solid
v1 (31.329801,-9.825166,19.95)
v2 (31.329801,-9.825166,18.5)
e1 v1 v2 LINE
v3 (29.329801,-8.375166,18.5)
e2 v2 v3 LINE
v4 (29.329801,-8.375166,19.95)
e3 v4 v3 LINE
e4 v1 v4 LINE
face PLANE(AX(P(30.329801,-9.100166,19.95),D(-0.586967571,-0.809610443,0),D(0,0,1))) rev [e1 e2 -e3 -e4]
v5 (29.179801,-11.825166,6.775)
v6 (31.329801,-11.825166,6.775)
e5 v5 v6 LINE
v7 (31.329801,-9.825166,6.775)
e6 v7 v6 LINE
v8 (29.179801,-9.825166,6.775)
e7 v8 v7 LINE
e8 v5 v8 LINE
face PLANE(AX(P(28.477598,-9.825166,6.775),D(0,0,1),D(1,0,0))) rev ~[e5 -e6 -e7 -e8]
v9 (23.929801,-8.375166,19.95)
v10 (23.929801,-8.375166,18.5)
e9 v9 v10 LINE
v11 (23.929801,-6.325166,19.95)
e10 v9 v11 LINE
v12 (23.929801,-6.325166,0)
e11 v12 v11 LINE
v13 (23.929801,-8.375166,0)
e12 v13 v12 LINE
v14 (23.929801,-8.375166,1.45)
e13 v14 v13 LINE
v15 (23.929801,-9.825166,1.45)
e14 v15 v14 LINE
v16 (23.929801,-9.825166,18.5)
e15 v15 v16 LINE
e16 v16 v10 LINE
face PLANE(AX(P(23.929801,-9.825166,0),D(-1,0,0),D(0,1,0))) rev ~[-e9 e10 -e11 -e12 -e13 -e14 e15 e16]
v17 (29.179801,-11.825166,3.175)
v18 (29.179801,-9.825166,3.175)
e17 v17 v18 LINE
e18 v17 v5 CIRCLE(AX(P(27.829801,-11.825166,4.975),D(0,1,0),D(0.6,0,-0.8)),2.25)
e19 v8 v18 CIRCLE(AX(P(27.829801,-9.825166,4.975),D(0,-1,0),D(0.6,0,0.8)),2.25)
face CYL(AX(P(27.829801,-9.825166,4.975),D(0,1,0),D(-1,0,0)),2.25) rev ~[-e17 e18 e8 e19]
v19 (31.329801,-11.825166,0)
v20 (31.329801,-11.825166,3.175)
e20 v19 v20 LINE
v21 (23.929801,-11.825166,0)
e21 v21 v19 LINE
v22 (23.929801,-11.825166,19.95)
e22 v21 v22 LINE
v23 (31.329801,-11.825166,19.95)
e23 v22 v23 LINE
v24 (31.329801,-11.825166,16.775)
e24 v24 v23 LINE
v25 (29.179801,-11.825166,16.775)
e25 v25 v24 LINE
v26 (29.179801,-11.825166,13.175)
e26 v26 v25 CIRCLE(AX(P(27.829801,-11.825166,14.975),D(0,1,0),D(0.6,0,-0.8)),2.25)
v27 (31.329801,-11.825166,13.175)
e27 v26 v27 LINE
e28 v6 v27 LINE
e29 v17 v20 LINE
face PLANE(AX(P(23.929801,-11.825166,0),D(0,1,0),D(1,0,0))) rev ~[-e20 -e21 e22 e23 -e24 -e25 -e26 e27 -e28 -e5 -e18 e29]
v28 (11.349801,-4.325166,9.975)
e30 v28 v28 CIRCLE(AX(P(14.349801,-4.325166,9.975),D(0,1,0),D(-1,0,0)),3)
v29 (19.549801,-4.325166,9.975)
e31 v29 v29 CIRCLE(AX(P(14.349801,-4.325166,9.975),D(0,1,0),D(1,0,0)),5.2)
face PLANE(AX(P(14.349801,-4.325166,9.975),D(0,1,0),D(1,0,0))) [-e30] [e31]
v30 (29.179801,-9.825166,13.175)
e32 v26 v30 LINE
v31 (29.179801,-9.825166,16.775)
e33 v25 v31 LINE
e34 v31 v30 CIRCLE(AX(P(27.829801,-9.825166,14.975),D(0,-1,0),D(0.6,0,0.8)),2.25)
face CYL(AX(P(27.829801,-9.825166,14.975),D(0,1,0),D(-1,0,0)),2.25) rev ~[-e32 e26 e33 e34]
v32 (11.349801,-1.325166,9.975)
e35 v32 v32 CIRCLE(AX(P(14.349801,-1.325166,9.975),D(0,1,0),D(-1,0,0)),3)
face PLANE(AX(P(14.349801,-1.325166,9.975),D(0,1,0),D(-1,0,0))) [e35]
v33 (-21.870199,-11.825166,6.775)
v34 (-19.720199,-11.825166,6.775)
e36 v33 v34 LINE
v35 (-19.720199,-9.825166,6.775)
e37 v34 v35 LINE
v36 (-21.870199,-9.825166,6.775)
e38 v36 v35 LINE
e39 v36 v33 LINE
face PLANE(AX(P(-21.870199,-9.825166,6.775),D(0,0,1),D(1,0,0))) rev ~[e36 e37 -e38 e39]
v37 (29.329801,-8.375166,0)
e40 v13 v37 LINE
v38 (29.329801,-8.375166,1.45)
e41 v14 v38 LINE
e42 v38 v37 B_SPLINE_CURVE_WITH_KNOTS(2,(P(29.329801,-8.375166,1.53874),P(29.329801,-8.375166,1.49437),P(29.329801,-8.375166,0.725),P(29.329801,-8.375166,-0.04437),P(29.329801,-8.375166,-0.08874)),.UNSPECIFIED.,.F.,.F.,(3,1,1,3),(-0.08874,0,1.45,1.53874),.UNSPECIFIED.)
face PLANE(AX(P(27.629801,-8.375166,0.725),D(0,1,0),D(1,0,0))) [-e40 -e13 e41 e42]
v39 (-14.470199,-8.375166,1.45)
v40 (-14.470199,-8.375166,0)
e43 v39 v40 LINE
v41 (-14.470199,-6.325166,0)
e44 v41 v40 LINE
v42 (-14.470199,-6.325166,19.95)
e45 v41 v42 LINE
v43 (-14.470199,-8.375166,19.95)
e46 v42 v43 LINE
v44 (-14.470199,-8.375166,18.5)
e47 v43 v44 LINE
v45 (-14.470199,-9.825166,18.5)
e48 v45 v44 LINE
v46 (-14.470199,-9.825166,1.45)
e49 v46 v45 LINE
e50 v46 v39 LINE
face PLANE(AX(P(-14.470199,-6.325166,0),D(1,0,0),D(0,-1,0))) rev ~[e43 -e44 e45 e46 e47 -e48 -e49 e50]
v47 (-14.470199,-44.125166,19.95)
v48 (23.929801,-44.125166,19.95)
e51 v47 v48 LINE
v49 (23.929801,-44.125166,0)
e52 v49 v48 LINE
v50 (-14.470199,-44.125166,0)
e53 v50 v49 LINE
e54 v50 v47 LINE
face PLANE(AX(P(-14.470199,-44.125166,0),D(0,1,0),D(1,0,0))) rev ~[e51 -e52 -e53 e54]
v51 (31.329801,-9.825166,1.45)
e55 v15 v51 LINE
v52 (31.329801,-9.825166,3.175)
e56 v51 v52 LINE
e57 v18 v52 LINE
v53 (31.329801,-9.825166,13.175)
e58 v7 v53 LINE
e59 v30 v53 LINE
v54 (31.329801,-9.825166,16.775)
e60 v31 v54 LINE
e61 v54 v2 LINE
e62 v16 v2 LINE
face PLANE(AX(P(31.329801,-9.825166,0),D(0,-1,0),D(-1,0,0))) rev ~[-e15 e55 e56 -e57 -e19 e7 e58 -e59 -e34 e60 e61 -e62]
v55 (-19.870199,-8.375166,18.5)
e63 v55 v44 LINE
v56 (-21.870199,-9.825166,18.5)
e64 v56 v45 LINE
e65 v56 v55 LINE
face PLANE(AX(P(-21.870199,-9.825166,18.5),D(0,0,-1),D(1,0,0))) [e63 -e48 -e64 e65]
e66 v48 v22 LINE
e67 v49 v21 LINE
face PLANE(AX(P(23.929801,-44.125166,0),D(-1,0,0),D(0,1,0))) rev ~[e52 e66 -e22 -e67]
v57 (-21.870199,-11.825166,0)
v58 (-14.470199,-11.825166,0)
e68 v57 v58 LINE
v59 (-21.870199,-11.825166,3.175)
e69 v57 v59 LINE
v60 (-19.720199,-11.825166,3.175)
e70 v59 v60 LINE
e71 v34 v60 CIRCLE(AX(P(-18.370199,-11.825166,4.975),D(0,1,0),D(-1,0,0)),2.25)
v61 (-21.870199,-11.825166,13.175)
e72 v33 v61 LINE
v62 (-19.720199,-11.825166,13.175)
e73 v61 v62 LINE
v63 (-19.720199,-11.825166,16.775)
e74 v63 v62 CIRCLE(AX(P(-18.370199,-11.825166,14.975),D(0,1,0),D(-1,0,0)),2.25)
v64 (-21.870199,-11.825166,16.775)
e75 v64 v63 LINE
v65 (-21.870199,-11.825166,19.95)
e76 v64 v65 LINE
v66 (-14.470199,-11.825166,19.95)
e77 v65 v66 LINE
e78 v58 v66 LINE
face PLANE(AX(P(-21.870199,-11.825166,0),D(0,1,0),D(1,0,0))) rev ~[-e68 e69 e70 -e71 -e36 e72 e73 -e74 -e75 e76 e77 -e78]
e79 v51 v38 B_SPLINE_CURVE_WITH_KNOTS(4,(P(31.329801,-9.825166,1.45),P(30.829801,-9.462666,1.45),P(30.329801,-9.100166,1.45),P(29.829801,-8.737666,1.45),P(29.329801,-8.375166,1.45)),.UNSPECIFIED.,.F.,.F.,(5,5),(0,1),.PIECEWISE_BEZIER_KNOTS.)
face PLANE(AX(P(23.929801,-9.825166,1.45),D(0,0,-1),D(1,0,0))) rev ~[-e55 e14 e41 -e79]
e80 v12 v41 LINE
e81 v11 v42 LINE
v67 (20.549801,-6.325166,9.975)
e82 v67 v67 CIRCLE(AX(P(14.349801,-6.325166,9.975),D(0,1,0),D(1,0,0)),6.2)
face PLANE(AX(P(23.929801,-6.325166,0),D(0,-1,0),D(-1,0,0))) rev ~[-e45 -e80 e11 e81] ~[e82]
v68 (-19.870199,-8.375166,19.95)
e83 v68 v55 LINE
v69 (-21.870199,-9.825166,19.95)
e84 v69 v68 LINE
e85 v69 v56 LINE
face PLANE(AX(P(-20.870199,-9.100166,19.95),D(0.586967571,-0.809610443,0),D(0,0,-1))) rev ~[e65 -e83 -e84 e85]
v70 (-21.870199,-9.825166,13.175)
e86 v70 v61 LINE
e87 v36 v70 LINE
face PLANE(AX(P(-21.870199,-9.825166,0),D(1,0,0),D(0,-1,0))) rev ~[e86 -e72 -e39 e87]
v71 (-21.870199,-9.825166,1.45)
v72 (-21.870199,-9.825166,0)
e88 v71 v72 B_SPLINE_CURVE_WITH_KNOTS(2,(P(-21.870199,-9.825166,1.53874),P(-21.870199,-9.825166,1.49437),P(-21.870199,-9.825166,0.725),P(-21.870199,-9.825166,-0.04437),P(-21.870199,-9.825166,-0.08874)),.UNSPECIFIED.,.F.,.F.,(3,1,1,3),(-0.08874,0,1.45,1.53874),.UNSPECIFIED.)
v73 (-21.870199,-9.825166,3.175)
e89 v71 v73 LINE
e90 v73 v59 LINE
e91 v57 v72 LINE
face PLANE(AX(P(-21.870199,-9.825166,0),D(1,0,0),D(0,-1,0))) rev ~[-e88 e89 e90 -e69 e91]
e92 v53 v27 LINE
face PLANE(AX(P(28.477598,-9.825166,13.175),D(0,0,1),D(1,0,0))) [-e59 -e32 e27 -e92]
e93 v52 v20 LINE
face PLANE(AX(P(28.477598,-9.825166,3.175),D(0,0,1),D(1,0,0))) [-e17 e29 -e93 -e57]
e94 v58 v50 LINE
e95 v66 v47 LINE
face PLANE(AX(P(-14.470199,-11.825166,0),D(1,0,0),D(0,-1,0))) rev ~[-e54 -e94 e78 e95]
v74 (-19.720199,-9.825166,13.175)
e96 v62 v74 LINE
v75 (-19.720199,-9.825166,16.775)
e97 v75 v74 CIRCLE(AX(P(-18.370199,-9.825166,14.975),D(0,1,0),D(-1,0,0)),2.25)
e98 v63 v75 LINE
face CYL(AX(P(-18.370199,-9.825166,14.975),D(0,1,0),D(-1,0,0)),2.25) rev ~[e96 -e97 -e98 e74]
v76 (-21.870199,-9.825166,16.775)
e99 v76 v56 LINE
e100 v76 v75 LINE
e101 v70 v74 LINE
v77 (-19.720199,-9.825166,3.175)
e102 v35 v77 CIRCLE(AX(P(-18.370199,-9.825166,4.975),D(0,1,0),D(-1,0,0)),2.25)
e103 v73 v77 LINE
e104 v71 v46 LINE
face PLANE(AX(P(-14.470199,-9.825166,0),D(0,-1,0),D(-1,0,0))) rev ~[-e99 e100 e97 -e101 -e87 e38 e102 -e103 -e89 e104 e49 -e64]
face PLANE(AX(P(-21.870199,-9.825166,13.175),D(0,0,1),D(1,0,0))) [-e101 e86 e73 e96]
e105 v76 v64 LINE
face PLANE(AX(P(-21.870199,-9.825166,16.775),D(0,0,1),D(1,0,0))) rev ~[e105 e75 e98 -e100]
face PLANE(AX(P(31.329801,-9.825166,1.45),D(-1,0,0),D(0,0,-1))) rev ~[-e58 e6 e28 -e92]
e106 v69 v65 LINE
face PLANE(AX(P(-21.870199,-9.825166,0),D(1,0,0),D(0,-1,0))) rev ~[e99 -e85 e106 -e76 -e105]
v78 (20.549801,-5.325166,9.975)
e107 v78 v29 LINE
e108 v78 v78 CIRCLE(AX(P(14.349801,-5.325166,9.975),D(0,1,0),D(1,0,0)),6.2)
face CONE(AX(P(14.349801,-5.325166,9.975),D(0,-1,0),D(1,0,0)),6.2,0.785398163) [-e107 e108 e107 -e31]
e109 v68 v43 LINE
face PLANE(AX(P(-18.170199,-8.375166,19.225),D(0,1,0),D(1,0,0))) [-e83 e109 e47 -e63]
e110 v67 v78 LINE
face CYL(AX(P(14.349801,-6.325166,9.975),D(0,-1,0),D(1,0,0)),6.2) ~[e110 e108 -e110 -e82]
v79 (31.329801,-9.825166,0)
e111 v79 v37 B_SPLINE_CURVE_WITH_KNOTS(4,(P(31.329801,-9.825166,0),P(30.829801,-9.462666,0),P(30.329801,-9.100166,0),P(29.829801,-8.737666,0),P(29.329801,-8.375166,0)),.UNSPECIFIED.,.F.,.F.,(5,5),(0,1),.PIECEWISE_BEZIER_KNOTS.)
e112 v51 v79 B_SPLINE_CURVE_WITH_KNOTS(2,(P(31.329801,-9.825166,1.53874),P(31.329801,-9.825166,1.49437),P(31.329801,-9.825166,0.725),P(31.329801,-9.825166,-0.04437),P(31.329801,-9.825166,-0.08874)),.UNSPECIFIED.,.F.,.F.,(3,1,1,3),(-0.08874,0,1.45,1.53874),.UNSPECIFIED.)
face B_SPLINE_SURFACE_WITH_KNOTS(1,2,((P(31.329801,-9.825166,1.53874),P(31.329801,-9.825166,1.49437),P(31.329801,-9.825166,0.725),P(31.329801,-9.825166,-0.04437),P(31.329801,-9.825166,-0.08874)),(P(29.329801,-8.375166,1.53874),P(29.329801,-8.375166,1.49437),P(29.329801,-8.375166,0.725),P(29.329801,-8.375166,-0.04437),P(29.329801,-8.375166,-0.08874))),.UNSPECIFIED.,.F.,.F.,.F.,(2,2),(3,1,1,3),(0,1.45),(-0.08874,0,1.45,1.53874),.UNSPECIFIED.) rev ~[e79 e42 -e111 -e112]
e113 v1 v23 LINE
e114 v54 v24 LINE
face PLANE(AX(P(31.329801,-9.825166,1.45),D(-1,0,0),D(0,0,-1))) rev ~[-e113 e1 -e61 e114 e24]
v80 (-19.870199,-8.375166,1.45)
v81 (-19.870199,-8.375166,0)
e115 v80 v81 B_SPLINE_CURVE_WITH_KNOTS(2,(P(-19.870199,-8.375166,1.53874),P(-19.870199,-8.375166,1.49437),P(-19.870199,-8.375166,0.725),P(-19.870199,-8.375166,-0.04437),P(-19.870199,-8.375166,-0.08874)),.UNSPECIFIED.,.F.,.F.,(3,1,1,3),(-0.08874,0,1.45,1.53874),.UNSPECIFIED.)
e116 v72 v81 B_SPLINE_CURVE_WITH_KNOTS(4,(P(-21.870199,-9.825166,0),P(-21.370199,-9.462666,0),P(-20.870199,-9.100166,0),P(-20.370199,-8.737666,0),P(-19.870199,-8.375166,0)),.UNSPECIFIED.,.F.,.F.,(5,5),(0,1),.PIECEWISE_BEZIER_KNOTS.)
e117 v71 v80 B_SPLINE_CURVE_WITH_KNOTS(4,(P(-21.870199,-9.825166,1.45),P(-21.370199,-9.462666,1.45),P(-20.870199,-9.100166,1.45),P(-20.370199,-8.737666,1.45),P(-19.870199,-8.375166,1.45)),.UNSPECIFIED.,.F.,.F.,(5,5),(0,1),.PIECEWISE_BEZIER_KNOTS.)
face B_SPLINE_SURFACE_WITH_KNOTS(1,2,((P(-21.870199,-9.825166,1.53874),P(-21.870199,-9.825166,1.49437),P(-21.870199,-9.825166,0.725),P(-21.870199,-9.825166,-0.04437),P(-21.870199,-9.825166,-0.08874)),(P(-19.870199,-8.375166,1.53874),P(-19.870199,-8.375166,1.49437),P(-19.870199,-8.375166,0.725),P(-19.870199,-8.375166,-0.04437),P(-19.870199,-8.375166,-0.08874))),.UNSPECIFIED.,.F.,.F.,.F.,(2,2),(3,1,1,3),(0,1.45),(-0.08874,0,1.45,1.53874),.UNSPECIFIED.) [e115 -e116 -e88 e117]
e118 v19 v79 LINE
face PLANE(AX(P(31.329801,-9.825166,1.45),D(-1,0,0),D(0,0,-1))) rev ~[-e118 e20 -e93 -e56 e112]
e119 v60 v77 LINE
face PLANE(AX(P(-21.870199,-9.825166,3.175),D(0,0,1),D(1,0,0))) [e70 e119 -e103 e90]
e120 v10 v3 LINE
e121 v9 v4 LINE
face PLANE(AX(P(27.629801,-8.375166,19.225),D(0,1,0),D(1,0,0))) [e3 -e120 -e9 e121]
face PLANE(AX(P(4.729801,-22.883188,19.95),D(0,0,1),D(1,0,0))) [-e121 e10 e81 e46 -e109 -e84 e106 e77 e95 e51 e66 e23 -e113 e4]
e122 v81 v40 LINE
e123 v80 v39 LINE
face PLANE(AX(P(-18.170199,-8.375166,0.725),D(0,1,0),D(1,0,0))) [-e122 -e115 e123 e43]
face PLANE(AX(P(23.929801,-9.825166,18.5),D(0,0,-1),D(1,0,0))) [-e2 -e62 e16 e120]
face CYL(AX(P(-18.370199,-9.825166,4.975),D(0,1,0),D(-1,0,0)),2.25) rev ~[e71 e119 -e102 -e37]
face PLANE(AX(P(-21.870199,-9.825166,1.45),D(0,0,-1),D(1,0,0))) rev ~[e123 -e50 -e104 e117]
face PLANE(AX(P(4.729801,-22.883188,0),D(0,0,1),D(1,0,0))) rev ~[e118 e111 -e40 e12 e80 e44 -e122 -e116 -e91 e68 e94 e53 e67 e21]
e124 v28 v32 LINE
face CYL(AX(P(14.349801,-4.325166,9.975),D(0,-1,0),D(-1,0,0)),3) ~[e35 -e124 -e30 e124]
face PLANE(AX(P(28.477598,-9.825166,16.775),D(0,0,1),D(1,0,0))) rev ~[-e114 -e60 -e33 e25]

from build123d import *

# Parameters (mm, degrees)
EXTRUDE_1_DEPTH     = 19.95
SKETCH_2_W          = 7.4
SKETCH_2_H          = 1.45
EXTRUDE_2_DEPTH     = 1.45
CHAMFER_1_SIZE      = 1.45
CHAMFER_1_SIZE2     = 2
CHAMFER_3_SIZE      = 1.45
CHAMFER_3_SIZE2     = 2
CHAMFER_4_SIZE      = 1.45
CHAMFER_4_SIZE2     = 2
CHAMFER_5_SIZE      = 1.45
CHAMFER_5_SIZE2     = 2
SKETCH_3_R          = 2.25
CUT_EXTRUDE_1_DEPTH = 2
SKETCH_4_W          = 2.602143293
SKETCH_4_H          = 3.6
SKETCH_4_W_2        = 2.852203288
CUT_EXTRUDE_2_DEPTH = 2
SKETCH_5_R          = 6.2
EXTRUDE_3_DEPTH     = 2
CHAMFER_6_SIZE      = 1
SKETCH_6_R          = 3
EXTRUDE_4_DEPTH     = 3


with BuildPart() as part:
    # 草圖1 → 填料-伸長1 (new body)
    with BuildSketch(Plane.XY):
        Polygon((-14.470198675, -11.825165563), (-14.470198675, -44.125165563), (23.929801325, -44.125165563), (23.929801325, -11.825165563), (31.329801325, -11.825165563), (31.329801325, -9.825165563), (23.929801325, -9.825165563), (23.929801325, -6.325165563), (-14.470198675, -6.325165563), (-14.470198675, -9.825165563), (-21.870198675, -9.825165563), (-21.870198675, -11.825165563), align=None)
    extrude(amount=EXTRUDE_1_DEPTH)

    # 草圖2 → 填料-伸長2 (add)
    with BuildSketch(Plane(origin=(0, -9.825165563, 0), x_dir=(1, 0, 0), z_dir=(0, 1, 0))):
        with Locations((27.629801325, -0.725)):
            Rectangle(SKETCH_2_W, SKETCH_2_H)
        with Locations((27.629801325, -19.225)):
            Rectangle(SKETCH_2_W, SKETCH_2_H)
        with Locations((-18.170198675, -0.725)):
            Rectangle(SKETCH_2_W, SKETCH_2_H)
        with Locations((-18.170198675, -19.225)):
            Rectangle(SKETCH_2_W, SKETCH_2_H)
    extrude(amount=EXTRUDE_2_DEPTH)

    # 導角1
    chamfer_1_edges = [part.edges().sort_by_distance(p)[0] for p in [
        (31.329801325, -8.375165563, 19.225),
    ]]
    chamfer_1_side = [part.faces().sort_by_distance(p)[0] for p in [
        (31.329801325, -10.660702917, 9.975),
    ]]
    chamfer(chamfer_1_edges, length=CHAMFER_1_SIZE, length2=CHAMFER_1_SIZE2, reference=chamfer_1_side[0])

    # 導角3
    chamfer_3_edges = [part.edges().sort_by_distance(p)[0] for p in [
        (31.329801325, -8.375165563, 0.725),
    ]]
    chamfer_3_side = [part.faces().sort_by_distance(p)[0] for p in [
        (31.329801325, -10.738818024, 9.511976966),
    ]]
    chamfer(chamfer_3_edges, length=CHAMFER_3_SIZE, length2=CHAMFER_3_SIZE2, reference=chamfer_3_side[0])

    # 導角4
    chamfer_4_edges = [part.edges().sort_by_distance(p)[0] for p in [
        (-21.870198675, -8.375165563, 19.225),
    ]]
    chamfer_4_side = [part.faces().sort_by_distance(p)[0] for p in [
        (-21.870198675, -10.660702917, 9.975),
    ]]
    chamfer(chamfer_4_edges, length=CHAMFER_4_SIZE, length2=CHAMFER_4_SIZE2, reference=chamfer_4_side[0])

    # 導角5
    chamfer_5_edges = [part.edges().sort_by_distance(p)[0] for p in [
        (-21.870198675, -8.375165563, 0.725),
    ]]
    chamfer_5_side = [part.faces().sort_by_distance(p)[0] for p in [
        (-21.870198675, -10.738818024, 9.511976966),
    ]]
    chamfer(chamfer_5_edges, length=CHAMFER_5_SIZE, length2=CHAMFER_5_SIZE2, reference=chamfer_5_side[0])

    # 草圖3 → 除料-伸長1 (cut)
    with BuildSketch(Plane(origin=(0, -9.825165563, 0), x_dir=(1, 0, 0), z_dir=(0, 1, 0))):
        with Locations(Location((-18.370198675, -4.975, 0), (0, 0, 180))):
            Circle(SKETCH_3_R)
        with Locations(Location((-18.370198675, -14.975, 0), (0, 0, 180))):
            Circle(SKETCH_3_R)
        with Locations(Location((27.829801325, -14.975, 0), (0, 0, 180))):
            Circle(SKETCH_3_R)
        with Locations(Location((27.829801325, -4.975, 0), (0, 0, 180))):
            Circle(SKETCH_3_R)
    extrude(amount=-CUT_EXTRUDE_1_DEPTH, mode=Mode.SUBTRACT)

    # 草圖4 → 除料-伸長2 (cut)
    with BuildSketch(Plane(origin=(0, -9.825165563, 0), x_dir=(1, 0, 0), z_dir=(0, 1, 0))):
        with Locations((-20.569127028, -14.975)):
            Rectangle(SKETCH_4_W, SKETCH_4_H)
        with Locations((-20.569127028, -4.975)):
            Rectangle(SKETCH_4_W, SKETCH_4_H)
        with Locations((29.903699681, -14.975)):
            Rectangle(SKETCH_4_W_2, SKETCH_4_H)
        with Locations((29.903699681, -4.975)):
            Rectangle(SKETCH_4_W_2, SKETCH_4_H)
    extrude(amount=-CUT_EXTRUDE_2_DEPTH, mode=Mode.SUBTRACT)

    # 草圖5 → 填料-伸長3 (add)
    with BuildSketch(Plane(origin=(0, -6.325165563, 0), x_dir=(1, 0, 0), z_dir=(0, 1, 0))):
        with Locations((14.349801325, -9.975)):
            Circle(SKETCH_5_R)
    extrude(amount=EXTRUDE_3_DEPTH)

    # 導角6
    chamfer_6_edges = [part.edges().sort_by_distance(p)[0] for p in [
        (8.149801325, -4.325165563, 9.975),
    ]]
    chamfer(chamfer_6_edges, length=CHAMFER_6_SIZE)

    # 草圖6 → 填料-伸長4 (add)
    with BuildSketch(Plane(origin=(0, -4.325165563, 0), x_dir=(1, 0, 0), z_dir=(0, 1, 0))):
        with Locations(Location((14.349801325, -9.975, 0), (0, 0, 180))):
            Circle(SKETCH_6_R)
    extrude(amount=EXTRUDE_4_DEPTH)


solid = part.part
